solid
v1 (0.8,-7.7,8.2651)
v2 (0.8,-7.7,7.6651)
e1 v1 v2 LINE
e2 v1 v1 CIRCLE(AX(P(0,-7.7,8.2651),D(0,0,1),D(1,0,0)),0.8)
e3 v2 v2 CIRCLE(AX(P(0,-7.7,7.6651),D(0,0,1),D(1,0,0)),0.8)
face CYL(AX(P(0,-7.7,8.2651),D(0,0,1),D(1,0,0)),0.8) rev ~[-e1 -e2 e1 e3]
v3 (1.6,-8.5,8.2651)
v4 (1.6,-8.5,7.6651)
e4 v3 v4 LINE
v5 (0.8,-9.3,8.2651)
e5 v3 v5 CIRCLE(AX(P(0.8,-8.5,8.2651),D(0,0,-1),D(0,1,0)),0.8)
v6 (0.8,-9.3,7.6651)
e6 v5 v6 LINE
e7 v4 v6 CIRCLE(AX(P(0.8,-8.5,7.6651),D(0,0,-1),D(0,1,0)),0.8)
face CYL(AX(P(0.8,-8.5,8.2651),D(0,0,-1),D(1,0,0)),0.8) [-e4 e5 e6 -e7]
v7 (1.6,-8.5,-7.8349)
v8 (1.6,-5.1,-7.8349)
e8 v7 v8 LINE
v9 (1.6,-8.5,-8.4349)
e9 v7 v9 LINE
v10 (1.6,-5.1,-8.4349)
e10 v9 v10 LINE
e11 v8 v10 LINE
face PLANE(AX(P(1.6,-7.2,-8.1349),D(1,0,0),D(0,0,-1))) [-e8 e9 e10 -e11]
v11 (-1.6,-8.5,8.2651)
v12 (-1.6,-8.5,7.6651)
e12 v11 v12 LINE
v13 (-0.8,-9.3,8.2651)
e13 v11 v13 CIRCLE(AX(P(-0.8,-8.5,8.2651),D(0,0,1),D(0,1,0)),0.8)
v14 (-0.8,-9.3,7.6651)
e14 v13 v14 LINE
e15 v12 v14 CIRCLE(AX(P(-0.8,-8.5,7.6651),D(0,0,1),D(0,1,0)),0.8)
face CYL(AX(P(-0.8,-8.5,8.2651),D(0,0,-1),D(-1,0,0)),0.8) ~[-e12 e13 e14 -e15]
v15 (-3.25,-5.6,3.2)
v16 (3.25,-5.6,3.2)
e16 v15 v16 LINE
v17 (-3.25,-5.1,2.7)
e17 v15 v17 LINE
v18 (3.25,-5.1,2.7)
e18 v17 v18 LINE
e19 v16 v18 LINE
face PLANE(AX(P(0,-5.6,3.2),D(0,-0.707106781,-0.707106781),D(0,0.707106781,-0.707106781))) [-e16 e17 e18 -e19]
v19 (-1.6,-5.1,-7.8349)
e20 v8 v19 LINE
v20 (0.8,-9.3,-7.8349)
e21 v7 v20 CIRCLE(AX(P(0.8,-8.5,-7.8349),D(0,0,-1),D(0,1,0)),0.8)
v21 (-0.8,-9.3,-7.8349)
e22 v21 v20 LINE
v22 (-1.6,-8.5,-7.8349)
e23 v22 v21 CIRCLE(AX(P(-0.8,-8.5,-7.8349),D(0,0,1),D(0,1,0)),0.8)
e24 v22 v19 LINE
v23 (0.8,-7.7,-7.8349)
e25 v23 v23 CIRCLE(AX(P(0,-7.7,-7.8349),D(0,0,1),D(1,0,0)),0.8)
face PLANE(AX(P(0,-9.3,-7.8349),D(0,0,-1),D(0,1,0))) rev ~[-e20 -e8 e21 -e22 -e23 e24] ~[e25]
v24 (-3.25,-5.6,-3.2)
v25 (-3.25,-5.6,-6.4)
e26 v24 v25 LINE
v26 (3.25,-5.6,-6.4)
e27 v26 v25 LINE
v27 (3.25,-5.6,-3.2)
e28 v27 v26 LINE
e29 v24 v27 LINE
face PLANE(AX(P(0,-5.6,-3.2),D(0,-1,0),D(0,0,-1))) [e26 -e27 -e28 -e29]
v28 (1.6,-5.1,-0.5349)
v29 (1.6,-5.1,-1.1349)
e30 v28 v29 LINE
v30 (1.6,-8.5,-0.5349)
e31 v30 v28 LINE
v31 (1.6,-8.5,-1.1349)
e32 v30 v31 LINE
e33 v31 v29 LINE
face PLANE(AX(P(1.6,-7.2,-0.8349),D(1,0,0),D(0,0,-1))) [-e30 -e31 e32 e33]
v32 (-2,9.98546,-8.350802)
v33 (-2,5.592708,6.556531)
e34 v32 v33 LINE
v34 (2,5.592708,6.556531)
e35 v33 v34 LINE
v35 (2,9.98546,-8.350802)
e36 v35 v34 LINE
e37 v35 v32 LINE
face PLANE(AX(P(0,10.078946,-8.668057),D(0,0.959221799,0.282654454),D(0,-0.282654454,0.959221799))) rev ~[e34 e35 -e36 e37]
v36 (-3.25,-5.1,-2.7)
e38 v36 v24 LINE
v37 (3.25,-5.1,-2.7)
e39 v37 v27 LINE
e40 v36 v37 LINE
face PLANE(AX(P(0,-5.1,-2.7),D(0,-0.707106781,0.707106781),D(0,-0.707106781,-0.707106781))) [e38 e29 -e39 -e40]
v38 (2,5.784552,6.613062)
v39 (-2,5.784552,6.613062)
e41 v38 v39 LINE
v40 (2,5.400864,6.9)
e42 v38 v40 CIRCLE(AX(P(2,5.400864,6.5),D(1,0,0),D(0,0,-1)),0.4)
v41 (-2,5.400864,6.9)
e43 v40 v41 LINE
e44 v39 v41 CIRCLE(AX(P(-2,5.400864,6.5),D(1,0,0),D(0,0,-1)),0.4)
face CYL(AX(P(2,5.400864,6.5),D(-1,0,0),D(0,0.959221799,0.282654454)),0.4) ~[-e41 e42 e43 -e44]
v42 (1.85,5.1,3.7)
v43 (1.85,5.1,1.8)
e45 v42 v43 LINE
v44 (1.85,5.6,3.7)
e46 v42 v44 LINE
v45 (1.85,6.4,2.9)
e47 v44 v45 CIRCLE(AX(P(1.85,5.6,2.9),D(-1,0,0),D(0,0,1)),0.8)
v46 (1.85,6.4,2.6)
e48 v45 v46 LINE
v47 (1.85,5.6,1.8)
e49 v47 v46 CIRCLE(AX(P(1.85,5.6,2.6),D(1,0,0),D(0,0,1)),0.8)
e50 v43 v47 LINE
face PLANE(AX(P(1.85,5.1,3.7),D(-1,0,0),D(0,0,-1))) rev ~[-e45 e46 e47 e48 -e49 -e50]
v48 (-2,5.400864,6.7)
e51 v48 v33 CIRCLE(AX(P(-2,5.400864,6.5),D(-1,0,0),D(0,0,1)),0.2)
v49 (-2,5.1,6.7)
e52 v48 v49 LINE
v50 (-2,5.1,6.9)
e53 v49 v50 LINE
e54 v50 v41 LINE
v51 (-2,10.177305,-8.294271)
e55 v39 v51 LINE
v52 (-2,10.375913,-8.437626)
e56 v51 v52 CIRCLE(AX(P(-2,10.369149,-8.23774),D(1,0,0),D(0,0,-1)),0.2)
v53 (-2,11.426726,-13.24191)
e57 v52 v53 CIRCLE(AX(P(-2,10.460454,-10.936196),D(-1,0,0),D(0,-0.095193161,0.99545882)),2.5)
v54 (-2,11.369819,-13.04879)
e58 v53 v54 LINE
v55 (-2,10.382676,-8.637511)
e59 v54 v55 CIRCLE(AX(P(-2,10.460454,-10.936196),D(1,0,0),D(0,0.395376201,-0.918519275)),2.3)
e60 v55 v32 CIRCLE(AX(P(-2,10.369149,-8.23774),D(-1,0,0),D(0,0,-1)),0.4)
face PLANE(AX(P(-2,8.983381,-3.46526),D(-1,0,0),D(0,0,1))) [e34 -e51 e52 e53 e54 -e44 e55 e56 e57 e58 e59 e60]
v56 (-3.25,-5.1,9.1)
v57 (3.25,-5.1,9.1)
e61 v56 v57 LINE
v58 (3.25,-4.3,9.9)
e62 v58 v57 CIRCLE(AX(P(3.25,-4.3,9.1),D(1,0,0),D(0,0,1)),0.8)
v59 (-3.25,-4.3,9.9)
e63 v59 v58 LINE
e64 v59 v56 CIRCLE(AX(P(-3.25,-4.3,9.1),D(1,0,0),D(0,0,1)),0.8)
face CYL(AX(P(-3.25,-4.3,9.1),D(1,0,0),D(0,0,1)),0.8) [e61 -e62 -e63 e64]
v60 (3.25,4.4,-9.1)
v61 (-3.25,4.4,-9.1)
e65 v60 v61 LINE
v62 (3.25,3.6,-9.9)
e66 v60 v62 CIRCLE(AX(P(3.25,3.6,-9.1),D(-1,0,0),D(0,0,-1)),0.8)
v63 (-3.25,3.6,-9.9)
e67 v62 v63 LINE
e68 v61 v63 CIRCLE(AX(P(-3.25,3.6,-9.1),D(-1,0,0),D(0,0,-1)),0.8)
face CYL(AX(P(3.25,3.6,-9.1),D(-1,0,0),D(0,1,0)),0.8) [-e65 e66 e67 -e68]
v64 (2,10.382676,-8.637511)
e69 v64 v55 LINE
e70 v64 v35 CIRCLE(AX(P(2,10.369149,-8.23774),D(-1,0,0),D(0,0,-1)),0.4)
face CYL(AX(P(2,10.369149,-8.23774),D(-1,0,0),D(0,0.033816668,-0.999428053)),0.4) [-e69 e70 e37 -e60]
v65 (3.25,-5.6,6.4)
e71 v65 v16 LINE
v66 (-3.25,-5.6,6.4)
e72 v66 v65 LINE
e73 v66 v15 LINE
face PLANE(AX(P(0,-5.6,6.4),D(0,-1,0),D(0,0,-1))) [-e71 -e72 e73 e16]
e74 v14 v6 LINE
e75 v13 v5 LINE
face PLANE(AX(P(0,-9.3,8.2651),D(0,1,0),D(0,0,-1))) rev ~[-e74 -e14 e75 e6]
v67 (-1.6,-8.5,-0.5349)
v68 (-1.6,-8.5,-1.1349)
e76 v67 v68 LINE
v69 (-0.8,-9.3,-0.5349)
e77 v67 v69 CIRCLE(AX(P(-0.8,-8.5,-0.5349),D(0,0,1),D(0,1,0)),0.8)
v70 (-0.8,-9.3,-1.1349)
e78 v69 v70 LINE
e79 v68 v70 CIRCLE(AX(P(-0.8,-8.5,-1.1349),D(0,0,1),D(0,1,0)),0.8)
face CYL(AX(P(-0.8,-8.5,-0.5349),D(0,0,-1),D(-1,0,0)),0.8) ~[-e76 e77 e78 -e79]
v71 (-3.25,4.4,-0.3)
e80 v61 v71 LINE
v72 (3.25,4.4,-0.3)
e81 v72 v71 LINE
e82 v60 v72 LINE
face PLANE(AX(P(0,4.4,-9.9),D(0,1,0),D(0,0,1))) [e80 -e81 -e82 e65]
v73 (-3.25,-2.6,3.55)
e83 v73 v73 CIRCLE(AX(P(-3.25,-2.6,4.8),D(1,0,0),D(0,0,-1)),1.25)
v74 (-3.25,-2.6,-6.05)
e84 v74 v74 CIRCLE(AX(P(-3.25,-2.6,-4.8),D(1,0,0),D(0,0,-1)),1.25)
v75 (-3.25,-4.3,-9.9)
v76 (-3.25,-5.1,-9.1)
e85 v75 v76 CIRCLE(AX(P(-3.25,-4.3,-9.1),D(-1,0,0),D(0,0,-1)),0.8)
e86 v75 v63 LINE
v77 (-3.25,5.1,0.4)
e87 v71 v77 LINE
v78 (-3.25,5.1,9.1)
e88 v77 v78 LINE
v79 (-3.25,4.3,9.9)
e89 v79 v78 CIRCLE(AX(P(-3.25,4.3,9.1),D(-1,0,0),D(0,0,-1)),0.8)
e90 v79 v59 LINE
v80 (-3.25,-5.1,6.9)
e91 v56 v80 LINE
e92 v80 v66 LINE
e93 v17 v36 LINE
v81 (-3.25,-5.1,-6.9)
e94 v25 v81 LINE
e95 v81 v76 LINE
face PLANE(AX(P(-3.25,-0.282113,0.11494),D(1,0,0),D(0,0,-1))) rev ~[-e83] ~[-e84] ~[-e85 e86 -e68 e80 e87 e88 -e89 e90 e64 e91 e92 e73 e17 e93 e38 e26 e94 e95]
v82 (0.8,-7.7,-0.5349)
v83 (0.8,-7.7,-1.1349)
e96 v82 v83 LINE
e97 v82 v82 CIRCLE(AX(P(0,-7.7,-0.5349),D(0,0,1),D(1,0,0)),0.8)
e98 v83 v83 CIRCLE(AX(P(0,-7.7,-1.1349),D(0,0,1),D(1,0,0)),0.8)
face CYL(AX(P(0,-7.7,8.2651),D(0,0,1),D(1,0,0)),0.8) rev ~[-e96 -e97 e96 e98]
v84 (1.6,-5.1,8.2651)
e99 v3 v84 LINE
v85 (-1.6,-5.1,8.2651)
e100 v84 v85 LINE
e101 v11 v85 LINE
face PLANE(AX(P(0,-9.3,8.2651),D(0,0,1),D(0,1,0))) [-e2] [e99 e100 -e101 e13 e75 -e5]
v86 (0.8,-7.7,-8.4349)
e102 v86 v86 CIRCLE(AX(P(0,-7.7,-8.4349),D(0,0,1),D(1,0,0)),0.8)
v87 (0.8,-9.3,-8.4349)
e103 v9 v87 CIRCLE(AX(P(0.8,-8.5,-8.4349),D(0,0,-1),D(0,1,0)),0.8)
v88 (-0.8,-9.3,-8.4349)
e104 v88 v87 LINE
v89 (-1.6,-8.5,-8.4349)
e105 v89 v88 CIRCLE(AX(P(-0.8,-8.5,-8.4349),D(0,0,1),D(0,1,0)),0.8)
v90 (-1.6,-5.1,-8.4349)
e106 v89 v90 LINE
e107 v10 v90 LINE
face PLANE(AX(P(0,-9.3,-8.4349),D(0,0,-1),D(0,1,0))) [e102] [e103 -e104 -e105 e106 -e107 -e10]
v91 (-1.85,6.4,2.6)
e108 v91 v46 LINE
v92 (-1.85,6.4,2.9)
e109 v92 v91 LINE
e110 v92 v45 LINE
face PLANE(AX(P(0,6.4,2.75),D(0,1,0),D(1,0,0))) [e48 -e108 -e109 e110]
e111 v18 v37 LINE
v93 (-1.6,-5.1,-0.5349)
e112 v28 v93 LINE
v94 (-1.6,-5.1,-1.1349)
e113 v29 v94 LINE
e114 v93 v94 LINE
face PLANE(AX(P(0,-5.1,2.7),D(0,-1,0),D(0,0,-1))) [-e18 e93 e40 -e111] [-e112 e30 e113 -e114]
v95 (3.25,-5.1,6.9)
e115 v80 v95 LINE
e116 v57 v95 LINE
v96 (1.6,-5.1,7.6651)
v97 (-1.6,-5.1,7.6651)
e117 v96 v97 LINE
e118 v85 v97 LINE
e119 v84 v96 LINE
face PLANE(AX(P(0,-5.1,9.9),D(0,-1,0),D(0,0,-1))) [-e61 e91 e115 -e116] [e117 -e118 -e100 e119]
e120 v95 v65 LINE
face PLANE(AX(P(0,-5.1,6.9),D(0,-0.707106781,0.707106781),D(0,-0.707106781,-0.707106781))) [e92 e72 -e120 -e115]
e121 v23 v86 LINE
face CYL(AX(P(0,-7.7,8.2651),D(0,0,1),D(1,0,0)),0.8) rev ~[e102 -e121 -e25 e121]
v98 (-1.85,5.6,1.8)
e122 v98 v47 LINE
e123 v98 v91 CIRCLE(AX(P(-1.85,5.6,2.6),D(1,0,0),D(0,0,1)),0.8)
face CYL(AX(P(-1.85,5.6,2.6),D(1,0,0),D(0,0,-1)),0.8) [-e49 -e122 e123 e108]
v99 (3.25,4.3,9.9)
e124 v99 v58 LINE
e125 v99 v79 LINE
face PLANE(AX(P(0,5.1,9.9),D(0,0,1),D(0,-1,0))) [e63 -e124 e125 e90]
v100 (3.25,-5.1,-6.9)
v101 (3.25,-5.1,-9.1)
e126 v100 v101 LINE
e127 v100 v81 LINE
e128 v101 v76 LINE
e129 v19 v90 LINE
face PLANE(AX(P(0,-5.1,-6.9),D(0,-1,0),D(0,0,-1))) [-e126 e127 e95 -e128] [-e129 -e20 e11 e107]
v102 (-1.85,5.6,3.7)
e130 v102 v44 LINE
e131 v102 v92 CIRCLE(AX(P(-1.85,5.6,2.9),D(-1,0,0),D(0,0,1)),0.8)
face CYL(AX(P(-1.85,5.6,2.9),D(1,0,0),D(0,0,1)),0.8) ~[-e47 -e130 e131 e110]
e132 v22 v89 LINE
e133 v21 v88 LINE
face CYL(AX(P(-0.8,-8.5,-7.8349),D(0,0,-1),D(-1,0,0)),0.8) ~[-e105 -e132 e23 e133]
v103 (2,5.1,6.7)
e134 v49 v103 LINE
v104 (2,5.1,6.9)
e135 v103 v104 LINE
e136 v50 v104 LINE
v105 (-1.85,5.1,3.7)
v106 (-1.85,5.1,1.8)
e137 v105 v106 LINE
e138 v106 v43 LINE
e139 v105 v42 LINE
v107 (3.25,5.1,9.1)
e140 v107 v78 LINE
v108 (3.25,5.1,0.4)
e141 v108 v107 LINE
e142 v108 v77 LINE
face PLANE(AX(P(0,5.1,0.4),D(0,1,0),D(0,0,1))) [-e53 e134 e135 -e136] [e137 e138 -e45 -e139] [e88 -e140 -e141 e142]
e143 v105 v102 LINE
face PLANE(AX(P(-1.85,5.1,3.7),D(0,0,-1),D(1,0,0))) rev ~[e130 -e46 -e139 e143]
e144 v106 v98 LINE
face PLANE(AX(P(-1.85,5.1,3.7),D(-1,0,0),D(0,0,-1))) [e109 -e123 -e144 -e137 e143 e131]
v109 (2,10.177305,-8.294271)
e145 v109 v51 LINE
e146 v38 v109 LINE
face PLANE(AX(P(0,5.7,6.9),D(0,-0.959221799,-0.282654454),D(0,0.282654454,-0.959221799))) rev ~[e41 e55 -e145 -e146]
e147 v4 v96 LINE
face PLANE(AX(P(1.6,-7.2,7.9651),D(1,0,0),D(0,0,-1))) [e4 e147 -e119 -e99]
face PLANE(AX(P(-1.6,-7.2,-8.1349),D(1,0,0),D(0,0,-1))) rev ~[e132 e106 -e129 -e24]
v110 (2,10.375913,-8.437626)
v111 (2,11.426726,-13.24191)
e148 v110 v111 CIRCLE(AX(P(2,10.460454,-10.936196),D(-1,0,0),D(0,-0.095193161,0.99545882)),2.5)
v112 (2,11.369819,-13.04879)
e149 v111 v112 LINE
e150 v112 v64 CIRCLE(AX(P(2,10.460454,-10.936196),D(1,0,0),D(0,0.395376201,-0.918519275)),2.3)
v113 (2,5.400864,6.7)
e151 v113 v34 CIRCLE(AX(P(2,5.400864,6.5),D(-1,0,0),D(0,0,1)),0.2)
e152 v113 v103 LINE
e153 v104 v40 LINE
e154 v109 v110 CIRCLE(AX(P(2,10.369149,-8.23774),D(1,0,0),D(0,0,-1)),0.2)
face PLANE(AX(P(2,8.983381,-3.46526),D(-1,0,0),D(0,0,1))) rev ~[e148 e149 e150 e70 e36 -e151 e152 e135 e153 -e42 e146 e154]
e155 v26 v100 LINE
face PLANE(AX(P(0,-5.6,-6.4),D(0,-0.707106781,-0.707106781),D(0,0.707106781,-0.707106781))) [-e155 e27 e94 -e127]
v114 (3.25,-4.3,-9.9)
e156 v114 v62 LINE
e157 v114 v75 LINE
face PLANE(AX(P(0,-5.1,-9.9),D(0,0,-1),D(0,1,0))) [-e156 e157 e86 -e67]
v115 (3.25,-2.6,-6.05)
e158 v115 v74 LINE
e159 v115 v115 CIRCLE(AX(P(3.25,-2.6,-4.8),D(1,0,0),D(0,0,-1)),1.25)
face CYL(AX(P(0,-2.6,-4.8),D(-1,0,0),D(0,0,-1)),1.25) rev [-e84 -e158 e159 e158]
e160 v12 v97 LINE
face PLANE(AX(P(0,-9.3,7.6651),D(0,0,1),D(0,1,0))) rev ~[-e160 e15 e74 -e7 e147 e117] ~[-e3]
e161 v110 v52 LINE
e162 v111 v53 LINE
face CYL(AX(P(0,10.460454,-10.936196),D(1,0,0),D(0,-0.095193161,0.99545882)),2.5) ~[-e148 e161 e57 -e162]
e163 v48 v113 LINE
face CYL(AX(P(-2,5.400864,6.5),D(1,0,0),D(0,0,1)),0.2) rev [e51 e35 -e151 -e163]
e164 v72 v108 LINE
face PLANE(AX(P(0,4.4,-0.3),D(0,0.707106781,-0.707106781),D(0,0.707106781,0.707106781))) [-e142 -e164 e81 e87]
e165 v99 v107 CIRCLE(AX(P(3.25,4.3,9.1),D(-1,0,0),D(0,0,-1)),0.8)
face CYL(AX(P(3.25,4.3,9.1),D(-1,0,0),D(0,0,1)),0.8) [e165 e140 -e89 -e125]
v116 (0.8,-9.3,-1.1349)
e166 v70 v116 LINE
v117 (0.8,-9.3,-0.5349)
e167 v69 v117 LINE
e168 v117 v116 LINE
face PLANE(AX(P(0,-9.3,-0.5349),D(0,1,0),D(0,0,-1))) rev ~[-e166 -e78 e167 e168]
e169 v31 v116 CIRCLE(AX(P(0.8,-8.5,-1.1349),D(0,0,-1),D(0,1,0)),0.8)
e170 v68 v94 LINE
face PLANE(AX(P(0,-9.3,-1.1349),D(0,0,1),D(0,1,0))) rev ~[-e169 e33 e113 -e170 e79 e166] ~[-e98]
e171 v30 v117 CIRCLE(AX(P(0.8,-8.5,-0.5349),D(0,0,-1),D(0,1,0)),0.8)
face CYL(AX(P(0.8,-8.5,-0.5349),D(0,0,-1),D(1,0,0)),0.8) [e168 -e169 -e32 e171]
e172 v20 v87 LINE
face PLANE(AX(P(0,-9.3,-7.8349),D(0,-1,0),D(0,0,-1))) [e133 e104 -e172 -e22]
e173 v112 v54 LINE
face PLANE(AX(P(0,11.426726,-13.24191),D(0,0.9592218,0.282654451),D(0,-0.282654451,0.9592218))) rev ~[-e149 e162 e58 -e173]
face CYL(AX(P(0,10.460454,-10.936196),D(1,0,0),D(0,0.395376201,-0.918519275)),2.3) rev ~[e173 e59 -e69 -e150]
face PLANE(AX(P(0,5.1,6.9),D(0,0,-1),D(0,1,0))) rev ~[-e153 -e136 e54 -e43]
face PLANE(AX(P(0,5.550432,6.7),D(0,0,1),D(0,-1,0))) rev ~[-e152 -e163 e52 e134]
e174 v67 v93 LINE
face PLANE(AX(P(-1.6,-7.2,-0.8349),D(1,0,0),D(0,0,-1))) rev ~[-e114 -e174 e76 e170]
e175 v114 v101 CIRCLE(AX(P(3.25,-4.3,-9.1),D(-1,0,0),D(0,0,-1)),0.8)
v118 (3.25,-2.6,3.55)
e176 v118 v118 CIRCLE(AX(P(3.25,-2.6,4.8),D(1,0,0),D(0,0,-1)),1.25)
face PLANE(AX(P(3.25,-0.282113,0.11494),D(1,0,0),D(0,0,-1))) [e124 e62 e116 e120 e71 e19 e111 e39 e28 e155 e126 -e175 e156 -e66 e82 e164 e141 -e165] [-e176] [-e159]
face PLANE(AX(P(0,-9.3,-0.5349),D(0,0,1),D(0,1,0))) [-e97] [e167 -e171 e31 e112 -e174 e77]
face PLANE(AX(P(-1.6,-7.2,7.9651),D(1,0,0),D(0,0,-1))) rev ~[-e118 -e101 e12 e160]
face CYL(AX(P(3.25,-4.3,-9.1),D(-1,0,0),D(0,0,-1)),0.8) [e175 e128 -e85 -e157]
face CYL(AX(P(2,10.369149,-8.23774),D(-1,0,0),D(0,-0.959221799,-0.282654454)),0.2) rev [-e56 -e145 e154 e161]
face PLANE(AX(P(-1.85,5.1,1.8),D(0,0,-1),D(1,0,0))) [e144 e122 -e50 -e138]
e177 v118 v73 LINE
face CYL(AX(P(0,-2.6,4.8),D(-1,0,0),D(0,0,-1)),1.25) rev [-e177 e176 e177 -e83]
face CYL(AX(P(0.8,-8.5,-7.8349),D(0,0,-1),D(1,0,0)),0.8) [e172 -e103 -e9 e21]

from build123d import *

# Parameters (mm, degrees)
SKETCH_1_R          = 1.25
EXTRUDE_1_DEPTH     = 3.25
SKETCH_4_W          = 0.6
SKETCH_4_H          = 4.2
EXTRUDE_4_DEPTH     = 1.6
FILLET_1_R          = 0.8
SKETCH_2_W          = 3.7
SKETCH_2_H          = 1.9
EXTRUDE_2_DEPTH     = 1.3
FILLET_2_R          = 0.8
EXTRUDE_3_DEPTH     = 2
FILLET_4_R          = 0.2
FILLET_3_R          = 0.4
SKETCH_5_R          = 0.8
CUT_EXTRUDE_1_DEPTH = 16.7


with BuildPart() as part:
    # Эскиз1 → Бобышка-Вытянуть1 (new body, symmetric)
    with BuildSketch(Plane(origin=(0, 0, 0), x_dir=(0, 0, -1), z_dir=(1, 0, 0))):
        Polygon((-9.9, 5.1), (-9.9, -5.1), (-6.9, -5.1), (-6.4, -5.6), (-3.2, -5.6), (-2.7, -5.1), (2.7, -5.1), (3.2, -5.6), (6.4, -5.6), (6.9, -5.1), (9.9, -5.1), (9.9, 4.4), (0.3, 4.4), (-0.4, 5.1), align=None)
        with Locations((-4.8, -2.6)):
            Circle(SKETCH_1_R, mode=Mode.SUBTRACT)
        with Locations((4.8, -2.6)):
            Circle(SKETCH_1_R, mode=Mode.SUBTRACT)
    extrude(amount=EXTRUDE_1_DEPTH, both=True)

    # Эскиз4 → Бобышка-Вытянуть4 (add, symmetric)
    with BuildSketch(Plane(origin=(0, 0, 0), x_dir=(0, 0, -1), z_dir=(1, 0, 0))):
        with Locations((0.834899724, -7.2)):
            Rectangle(SKETCH_4_W, SKETCH_4_H)
        with Locations((-7.965100276, -7.2)):
            Rectangle(SKETCH_4_W, SKETCH_4_H)
        with Locations((8.134899724, -7.2)):
            Rectangle(SKETCH_4_W, SKETCH_4_H)
    extrude(amount=EXTRUDE_4_DEPTH, both=True)

    # Скругление1
    fillet_1_edges = [part.edges().sort_by_distance(p)[0] for p in [
        (0, -5.1, 9.9),
        (0, 5.1, 9.9),
        (0, 4.4, -9.9),
        (0, -5.1, -9.9),
        (-1.6, -9.3, 7.965100276),
        (1.6, -9.3, 7.965100276),
        (-1.6, -9.3, -0.834899724),
        (1.6, -9.3, -0.834899724),
        (-1.6, -9.3, -8.134899724),
        (1.6, -9.3, -8.134899724),
    ]]
    fillet(fillet_1_edges, radius=FILLET_1_R)

    # Эскиз2 → Бобышка-Вытянуть2 (add)
    with BuildSketch(Plane(origin=(0, 5.1, 0), x_dir=(1, 0, 0), z_dir=(0, 1, 0))):
        with Locations((0, -2.75)):
            Rectangle(SKETCH_2_W, SKETCH_2_H)
    extrude(amount=EXTRUDE_2_DEPTH)

    # Скругление2
    fillet_2_edges = [part.edges().sort_by_distance(p)[0] for p in [
        (0, 6.4, 1.8),
        (0, 6.4, 3.7),
    ]]
    fillet(fillet_2_edges, radius=FILLET_2_R)

    # Эскиз3 → Бобышка-Вытянуть3 (add, symmetric)
    with BuildSketch(Plane(origin=(0, 0, 0), x_dir=(0, 0, -1), z_dir=(1, 0, 0))):
        with BuildLine():
            Line((-6.9, 5.1), (-6.9, 5.7))
            Line((-6.9, 5.7), (8.447548782, 10.22247127))
            ThreePointArc((8.447548782, 10.22247127), (10.327160868, 12.885134856), (13.241910115, 11.426726206))
            Line((13.241910115, 11.426726206), (13.048790165, 11.369819437))
            ThreePointArc((13.048790165, 11.369819437), (10.286090587, 12.666664311), (8.668057439, 10.078946335))
            Line((8.668057439, 10.078946335), (-6.7, 5.550431767))
            Line((-6.7, 5.550431767), (-6.7, 5.1))
            Line((-6.7, 5.1), (-6.9, 5.1))
        make_face()
    extrude(amount=EXTRUDE_3_DEPTH, both=True)

    # Скругление4
    fillet_4_edges = [part.edges().sort_by_distance(p)[0] for p in [
        (0, 5.550431767, 6.7),
        (0, 10.22247127, -8.447548782),
    ]]
    fillet(fillet_4_edges, radius=FILLET_4_R)

    # Скругление3
    fillet_3_edges = [part.edges().sort_by_distance(p)[0] for p in [
        (0, 10.078946335, -8.668057439),
        (0, 5.7, 6.9),
    ]]
    fillet(fillet_3_edges, radius=FILLET_3_R)

    # Эскиз5 → Вырез-Вытянуть1 (cut)
    with BuildSketch(Plane.XY.offset(8.265100276)):
        with Locations((0, -7.7)):
            Circle(SKETCH_5_R)
    extrude(amount=-CUT_EXTRUDE_1_DEPTH, mode=Mode.SUBTRACT)


solid = part.part
